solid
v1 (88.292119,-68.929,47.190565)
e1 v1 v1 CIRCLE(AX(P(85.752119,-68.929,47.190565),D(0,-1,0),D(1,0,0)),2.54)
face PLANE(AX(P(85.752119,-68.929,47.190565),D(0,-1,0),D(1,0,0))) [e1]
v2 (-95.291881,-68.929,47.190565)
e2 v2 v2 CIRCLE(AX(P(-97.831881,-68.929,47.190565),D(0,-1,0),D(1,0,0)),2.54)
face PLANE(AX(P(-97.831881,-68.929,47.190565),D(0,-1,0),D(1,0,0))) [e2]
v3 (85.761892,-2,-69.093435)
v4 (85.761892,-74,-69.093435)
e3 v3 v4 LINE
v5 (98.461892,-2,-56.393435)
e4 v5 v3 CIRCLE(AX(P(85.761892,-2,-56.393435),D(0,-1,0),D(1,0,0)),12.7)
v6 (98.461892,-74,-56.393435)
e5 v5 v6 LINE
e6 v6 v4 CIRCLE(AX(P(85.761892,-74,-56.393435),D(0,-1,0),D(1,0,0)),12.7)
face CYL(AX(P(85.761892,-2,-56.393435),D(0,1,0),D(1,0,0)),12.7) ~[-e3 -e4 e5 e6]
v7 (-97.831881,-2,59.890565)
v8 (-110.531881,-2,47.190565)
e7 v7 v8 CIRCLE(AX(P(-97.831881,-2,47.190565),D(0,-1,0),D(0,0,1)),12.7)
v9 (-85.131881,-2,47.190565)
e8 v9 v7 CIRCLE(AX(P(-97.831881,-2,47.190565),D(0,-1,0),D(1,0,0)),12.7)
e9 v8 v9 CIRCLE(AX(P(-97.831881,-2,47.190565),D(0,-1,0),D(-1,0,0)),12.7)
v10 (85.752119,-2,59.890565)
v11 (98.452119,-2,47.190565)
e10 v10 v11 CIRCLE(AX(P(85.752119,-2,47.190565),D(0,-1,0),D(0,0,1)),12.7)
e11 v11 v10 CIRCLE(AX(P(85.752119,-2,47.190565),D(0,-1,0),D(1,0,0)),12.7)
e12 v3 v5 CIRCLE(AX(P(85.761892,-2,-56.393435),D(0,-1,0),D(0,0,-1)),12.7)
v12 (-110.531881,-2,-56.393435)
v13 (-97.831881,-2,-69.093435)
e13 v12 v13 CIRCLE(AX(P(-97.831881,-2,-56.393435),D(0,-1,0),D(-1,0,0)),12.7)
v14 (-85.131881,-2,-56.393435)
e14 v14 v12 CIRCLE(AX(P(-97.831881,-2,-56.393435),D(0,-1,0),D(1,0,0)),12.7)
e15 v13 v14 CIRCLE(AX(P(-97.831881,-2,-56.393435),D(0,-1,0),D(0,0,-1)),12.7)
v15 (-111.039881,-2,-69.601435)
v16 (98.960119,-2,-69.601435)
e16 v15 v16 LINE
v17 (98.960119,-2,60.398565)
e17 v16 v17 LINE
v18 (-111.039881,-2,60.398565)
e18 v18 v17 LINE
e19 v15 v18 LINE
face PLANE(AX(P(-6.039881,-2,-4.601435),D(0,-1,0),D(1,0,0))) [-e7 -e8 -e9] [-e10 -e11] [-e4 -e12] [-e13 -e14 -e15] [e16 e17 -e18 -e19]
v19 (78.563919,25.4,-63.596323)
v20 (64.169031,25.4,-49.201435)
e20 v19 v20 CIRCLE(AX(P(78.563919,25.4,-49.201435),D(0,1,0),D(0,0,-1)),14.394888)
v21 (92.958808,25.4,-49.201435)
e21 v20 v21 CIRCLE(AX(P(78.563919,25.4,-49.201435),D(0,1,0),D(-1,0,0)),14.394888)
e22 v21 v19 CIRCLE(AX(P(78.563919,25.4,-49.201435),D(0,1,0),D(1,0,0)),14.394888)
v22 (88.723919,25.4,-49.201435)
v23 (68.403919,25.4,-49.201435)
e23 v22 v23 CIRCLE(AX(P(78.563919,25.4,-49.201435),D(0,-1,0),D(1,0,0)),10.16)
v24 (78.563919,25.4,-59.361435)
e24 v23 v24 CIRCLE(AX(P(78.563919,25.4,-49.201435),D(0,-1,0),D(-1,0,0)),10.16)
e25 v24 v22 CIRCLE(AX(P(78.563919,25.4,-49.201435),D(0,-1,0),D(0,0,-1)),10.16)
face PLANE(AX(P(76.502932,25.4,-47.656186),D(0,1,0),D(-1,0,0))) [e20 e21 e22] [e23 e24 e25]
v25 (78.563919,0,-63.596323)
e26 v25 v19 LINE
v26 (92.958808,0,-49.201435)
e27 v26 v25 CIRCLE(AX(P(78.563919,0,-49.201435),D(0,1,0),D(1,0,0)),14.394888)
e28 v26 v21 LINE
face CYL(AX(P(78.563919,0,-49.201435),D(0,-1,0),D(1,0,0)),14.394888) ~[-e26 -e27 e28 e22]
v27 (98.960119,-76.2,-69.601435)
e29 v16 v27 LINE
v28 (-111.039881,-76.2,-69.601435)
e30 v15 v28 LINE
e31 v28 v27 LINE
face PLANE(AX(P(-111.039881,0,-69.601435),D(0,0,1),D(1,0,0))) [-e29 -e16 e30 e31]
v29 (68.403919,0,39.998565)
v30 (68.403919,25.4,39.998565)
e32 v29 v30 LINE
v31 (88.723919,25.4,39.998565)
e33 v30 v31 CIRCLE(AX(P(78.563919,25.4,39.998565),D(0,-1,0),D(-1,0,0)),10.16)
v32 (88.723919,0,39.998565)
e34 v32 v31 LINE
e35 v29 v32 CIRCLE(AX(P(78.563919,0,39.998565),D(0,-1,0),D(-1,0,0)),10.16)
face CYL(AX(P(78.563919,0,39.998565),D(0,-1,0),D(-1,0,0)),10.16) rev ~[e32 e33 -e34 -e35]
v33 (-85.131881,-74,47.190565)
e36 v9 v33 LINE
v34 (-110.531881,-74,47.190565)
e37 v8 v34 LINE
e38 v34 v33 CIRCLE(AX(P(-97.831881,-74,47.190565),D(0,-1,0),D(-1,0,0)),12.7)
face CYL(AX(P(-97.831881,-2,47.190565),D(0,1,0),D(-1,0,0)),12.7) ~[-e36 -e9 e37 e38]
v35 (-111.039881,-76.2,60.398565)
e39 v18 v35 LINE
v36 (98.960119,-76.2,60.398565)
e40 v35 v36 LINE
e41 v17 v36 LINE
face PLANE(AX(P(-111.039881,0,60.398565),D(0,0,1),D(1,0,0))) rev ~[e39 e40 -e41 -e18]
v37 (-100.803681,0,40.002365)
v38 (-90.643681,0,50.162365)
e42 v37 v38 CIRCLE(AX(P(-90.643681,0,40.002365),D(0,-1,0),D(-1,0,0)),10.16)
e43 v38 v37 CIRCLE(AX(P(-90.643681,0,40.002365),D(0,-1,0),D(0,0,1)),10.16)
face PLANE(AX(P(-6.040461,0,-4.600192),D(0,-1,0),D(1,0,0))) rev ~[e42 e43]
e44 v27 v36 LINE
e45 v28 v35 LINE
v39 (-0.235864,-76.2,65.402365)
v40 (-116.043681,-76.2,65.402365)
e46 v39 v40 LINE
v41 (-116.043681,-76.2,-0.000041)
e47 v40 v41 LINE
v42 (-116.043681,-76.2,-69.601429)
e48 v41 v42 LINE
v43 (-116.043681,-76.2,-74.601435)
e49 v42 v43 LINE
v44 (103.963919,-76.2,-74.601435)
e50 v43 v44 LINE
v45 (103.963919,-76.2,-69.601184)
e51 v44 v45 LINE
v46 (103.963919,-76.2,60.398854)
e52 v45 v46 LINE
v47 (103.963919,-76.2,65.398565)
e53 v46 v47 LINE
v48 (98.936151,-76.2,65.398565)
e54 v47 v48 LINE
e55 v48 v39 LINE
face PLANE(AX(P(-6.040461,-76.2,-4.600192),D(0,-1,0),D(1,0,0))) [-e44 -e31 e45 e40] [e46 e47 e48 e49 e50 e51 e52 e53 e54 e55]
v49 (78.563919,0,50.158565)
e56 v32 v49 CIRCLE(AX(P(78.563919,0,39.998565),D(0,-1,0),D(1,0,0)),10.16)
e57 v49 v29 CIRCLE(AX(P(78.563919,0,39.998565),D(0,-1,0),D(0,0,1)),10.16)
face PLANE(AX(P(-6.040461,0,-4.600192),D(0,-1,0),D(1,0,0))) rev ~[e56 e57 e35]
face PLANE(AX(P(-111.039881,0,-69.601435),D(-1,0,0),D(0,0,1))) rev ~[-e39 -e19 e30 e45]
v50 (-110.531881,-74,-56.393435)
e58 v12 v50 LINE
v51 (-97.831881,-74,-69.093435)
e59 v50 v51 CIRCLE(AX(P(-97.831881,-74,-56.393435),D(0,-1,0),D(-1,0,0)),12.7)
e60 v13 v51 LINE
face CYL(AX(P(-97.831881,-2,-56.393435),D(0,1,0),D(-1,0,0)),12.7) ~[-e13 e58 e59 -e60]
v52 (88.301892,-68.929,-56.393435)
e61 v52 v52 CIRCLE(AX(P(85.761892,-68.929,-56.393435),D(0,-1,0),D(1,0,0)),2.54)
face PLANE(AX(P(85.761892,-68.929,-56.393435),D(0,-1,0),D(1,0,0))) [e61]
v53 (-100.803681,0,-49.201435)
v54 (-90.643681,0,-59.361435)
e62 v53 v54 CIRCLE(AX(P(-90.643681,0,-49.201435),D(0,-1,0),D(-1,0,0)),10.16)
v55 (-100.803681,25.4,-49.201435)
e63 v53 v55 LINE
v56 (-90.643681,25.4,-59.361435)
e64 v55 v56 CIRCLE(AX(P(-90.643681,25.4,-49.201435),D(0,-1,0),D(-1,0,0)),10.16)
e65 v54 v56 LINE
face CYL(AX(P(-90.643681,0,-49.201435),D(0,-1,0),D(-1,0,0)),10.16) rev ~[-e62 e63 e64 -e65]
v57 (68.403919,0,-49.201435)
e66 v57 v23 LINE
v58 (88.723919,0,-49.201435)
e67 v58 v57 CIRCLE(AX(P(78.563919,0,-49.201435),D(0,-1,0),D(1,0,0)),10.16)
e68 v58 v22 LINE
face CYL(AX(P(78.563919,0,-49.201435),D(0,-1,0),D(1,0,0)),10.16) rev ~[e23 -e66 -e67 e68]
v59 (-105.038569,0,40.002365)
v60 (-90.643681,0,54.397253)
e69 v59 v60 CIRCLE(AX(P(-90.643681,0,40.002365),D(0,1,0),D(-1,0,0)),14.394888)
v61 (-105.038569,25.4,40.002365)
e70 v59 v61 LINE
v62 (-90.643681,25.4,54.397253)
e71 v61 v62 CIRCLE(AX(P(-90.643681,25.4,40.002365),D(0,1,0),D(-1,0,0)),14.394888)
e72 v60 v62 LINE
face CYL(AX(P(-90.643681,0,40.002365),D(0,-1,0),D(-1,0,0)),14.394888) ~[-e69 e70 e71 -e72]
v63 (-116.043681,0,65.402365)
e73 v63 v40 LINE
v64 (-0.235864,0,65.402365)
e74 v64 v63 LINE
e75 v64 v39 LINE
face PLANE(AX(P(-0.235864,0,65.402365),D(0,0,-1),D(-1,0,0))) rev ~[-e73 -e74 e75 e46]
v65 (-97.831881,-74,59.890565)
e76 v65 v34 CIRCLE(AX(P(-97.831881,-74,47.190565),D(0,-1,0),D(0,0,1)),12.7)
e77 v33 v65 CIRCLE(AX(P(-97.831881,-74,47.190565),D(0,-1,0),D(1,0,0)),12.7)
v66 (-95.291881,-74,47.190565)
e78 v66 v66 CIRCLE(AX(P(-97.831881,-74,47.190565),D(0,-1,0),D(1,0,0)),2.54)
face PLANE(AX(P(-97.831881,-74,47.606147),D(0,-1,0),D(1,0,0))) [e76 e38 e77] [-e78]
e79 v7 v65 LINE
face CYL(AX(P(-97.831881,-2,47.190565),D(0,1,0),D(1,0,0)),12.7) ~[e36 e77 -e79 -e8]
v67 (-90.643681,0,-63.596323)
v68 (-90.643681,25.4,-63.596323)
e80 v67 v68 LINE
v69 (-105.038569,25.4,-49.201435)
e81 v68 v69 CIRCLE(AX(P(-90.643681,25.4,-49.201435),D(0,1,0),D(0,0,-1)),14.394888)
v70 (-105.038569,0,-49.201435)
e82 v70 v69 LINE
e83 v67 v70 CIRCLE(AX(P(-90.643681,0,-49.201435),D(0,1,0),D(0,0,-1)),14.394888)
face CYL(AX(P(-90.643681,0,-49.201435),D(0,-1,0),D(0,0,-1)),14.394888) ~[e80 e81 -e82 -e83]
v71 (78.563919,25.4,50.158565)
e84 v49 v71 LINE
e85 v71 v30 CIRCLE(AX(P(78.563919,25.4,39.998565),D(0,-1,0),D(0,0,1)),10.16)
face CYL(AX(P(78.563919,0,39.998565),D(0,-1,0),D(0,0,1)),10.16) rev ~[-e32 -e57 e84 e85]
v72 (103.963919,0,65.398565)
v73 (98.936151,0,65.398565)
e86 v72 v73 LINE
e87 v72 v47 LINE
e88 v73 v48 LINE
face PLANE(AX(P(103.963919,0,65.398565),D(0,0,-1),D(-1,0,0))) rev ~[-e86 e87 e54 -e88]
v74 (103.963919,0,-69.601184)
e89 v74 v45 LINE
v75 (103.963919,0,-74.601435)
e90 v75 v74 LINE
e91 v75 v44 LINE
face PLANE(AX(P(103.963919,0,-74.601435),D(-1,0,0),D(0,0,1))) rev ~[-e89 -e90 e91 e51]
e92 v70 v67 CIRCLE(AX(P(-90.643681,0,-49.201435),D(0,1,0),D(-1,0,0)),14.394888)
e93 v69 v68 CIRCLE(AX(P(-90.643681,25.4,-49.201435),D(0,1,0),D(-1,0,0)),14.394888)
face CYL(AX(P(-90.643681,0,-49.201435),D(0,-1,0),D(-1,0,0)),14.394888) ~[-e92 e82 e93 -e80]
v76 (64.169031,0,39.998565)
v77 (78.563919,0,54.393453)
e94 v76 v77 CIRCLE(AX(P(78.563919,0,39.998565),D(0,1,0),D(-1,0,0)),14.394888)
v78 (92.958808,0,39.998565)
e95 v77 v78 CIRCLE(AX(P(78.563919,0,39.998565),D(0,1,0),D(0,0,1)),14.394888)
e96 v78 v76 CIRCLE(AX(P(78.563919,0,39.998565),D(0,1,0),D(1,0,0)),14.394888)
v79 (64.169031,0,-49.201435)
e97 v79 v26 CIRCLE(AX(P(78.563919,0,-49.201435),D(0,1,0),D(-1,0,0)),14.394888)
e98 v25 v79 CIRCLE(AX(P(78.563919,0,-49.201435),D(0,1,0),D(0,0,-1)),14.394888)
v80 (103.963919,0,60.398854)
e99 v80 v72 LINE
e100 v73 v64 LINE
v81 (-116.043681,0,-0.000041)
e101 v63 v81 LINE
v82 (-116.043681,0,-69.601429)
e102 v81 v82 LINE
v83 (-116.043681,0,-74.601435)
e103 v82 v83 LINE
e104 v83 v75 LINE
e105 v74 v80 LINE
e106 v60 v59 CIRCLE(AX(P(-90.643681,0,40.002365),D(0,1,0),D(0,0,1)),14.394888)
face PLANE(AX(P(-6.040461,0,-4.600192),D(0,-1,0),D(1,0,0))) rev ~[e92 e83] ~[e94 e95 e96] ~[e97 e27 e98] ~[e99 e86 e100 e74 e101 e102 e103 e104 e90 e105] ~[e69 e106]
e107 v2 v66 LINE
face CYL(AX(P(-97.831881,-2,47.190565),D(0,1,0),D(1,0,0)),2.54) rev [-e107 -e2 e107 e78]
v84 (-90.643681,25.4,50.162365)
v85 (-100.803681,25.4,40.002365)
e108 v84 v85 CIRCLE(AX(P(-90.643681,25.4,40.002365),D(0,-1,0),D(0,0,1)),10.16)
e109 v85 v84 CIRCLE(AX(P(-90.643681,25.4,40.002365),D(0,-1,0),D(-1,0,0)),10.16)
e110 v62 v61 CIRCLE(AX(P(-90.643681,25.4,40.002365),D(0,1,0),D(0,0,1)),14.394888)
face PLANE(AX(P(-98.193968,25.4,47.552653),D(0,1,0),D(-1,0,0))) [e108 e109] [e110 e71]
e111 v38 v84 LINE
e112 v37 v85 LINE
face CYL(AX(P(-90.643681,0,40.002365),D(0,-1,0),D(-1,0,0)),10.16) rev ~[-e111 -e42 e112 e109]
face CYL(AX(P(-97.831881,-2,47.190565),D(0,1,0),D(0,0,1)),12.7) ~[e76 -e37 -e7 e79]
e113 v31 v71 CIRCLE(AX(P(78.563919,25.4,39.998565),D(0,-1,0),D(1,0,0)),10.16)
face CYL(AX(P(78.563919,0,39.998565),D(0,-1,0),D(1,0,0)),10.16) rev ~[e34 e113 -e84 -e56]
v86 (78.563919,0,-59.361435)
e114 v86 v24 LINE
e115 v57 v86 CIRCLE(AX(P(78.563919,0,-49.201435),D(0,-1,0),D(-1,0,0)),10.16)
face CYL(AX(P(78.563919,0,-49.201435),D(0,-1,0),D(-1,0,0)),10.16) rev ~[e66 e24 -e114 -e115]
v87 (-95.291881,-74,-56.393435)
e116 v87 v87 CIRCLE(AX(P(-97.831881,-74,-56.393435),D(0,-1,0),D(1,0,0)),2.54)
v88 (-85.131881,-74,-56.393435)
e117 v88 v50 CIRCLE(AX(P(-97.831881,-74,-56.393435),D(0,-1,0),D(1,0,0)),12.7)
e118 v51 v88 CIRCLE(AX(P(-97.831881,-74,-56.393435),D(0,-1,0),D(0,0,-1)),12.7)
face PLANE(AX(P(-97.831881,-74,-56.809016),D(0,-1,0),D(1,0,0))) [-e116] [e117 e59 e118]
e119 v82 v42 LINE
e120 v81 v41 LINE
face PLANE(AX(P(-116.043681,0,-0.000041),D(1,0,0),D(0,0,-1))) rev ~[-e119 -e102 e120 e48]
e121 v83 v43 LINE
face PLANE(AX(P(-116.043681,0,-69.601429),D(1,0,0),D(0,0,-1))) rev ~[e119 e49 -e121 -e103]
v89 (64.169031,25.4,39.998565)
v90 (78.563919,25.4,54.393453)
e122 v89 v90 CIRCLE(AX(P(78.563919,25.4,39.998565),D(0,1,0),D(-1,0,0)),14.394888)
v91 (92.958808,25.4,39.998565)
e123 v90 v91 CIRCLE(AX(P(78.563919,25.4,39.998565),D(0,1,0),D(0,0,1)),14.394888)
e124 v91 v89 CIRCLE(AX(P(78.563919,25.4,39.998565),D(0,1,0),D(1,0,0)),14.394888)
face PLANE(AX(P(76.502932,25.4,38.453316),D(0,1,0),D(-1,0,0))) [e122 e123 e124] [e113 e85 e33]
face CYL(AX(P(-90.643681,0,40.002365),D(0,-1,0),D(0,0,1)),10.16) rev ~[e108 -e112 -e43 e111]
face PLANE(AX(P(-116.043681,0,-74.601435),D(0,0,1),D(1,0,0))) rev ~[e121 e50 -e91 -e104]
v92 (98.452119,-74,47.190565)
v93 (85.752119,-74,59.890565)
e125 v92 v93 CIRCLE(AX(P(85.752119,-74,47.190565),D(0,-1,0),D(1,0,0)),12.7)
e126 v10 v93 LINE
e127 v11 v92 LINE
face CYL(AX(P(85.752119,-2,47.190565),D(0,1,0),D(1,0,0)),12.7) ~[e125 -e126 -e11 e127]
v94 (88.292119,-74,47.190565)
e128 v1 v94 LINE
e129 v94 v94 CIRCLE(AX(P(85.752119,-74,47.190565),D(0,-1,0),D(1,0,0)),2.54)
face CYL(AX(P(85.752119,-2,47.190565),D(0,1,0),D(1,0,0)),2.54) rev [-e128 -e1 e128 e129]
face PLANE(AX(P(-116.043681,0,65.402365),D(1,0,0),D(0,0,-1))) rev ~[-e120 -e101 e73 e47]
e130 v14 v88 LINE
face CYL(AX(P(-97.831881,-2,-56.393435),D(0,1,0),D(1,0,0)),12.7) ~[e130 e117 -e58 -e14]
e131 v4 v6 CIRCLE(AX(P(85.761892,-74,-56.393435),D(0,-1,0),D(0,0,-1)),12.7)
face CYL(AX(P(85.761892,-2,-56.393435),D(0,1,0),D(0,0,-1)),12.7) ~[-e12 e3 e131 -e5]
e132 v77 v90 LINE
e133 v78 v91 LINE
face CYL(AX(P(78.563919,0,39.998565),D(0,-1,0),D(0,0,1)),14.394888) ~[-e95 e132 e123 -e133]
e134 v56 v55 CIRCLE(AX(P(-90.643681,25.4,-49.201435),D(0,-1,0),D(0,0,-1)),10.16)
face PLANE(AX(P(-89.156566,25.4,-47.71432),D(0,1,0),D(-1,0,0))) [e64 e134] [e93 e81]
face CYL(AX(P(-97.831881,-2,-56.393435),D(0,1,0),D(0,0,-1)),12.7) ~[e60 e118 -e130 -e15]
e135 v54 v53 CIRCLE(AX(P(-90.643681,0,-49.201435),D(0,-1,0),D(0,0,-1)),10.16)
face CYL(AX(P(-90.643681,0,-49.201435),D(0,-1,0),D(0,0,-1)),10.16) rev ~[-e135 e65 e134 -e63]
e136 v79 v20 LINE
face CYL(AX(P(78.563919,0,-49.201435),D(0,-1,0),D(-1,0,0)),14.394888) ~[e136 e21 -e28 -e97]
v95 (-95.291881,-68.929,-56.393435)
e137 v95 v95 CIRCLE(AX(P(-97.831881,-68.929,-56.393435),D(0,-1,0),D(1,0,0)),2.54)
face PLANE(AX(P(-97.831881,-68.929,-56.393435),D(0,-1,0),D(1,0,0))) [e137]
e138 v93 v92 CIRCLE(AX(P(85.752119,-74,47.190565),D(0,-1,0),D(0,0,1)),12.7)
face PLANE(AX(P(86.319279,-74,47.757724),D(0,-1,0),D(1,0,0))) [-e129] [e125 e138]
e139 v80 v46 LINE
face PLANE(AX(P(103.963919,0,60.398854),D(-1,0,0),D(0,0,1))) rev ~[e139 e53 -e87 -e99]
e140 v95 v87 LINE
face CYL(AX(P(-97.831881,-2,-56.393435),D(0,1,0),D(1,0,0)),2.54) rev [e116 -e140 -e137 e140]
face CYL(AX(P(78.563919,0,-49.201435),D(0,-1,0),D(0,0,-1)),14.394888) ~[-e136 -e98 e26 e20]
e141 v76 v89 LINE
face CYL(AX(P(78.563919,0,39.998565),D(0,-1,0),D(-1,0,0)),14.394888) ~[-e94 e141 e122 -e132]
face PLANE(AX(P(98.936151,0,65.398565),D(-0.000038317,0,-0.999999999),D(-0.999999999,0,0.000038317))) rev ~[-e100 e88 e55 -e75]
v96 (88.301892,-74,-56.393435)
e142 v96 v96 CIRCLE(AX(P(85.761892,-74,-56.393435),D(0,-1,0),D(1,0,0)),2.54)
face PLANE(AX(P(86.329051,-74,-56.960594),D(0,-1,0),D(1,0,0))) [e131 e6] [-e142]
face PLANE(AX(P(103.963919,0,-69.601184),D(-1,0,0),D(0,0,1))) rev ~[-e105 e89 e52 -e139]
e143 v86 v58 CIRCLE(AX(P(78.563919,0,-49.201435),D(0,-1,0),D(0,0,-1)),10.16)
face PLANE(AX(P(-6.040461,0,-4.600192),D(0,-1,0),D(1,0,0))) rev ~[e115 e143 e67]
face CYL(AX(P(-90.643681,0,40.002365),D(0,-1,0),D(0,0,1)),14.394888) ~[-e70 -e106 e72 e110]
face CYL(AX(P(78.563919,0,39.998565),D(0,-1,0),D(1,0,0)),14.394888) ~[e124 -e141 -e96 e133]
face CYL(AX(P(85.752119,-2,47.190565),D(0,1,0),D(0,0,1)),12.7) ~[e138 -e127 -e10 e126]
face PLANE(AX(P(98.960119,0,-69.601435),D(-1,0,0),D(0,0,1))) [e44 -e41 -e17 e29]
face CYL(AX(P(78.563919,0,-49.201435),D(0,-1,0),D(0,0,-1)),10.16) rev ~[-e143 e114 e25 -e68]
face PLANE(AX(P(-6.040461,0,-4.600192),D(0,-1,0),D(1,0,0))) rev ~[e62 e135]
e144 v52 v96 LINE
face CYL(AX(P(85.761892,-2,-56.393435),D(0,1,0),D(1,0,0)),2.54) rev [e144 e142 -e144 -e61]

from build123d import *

# Parameters (mm, degrees)
F0_W     = 210
F0_H     = 130
F1_DEPTH = 2
F2_DEPTH = 76.2
F4_DEPTH = 25.4
F5_R     = 2.54
F6_DEPTH = 72
F7_DEPTH = 66.929


with BuildPart() as f1:
    # F0 (on Front) → F1 (new body)
    with BuildSketch(Plane.XZ):
        with Locations((-6.0398806084, -4.6014347222)):
            Rectangle(F0_W, F0_H)
    extrude(amount=F1_DEPTH)

    # F0 (on Front) → F2 (join)
    with BuildSketch(Plane.XZ):
        Polygon((-0.235864222, 65.4023652778), (-111.0638493299, 65.4023652778), (-116.0436806083, 65.4023652778), (-116.0436806083, 60.398529828), (-116.0436806083, -4.06776e-05), (-116.0436806084, -69.6014285846), (-116.0436806084, -74.6014347222), (-111.0398806084, -74.6014347222), (98.9601193916, -74.6014347222), (103.9639193853, -74.6014347222), (103.9639193853, -69.6011838004), (103.9639193916, 60.3988544052), (103.9639193916, 65.3985652778), (98.9361506701, 65.3985652778), align=None)
        with Locations((-6.0398806084, -4.6014347222)):
            Rectangle(F0_W, F0_H, mode=Mode.SUBTRACT)
    extrude(amount=F2_DEPTH)

    # F3 (on face) → F4 (join)
    with BuildSketch(Plane(origin=(0, 0, 0), x_dir=(-1, 0, 0), z_dir=(0, 1, 0))):
        with BuildLine():
            ThreePointArc((-92.9588075555, 39.9985652778), (-78.5639193916, 25.6036771139), (-64.1690312277, 39.9985652778))
            ThreePointArc((-64.1690312277, 39.9985652778), (-68.3851963565, 50.1772883129), (-78.5639193916, 54.3934534417))
            Line((-78.5639193916, 54.3934534417), (-78.5639193916, 50.1585652778))
            ThreePointArc((-78.5639193916, 50.1585652778), (-71.3797144948, 47.1827701747), (-68.4039193916, 39.9985652778))
            ThreePointArc((-68.4039193916, 39.9985652778), (-78.5639193916, 29.8385652778), (-88.7239193916, 39.9985652778))
            Line((-88.7239193916, 39.9985652778), (-92.9588075555, 39.9985652778))
        make_face()
        with BuildLine():
            Line((-78.5639193916, 50.1585652778), (-78.5639193916, 54.3934534417))
            ThreePointArc((-78.5639193916, 54.3934534417), (-88.7426424267, 50.1772883129), (-92.9588075555, 39.9985652778))
            Line((-92.9588075555, 39.9985652778), (-88.7239193916, 39.9985652778))
            ThreePointArc((-88.7239193916, 39.9985652778), (-85.7481242885, 47.1827701747), (-78.5639193916, 50.1585652778))
        make_face()
        with BuildLine():
            ThreePointArc((-64.1690312214, -49.2014347222), (-78.5639193853, -34.8065465583), (-92.9588075492, -49.2014347222))
            Line((-92.9588075492, -49.2014347222), (-88.7239193853, -49.2014347222))
            ThreePointArc((-88.7239193853, -49.2014347222), (-78.5639193853, -39.0414347222), (-68.4039193853, -49.2014347222))
            ThreePointArc((-68.4039193853, -49.2014347222), (-71.3797144885, -56.385639619), (-78.5639193853, -59.3614347222))
            Line((-78.5639193853, -59.3614347222), (-78.5639193853, -63.5963228861))
            ThreePointArc((-78.5639193853, -63.5963228861), (-68.3851963502, -59.3801577573), (-64.1690312214, -49.2014347222))
        make_face()
        with BuildLine():
            Line((-88.7239193853, -49.2014347222), (-92.9588075492, -49.2014347222))
            ThreePointArc((-92.9588075492, -49.2014347222), (-88.7426424204, -59.3801577573), (-78.5639193853, -63.5963228861))
            Line((-78.5639193853, -63.5963228861), (-78.5639193853, -59.3614347222))
            ThreePointArc((-78.5639193853, -59.3614347222), (-85.7481242822, -56.385639619), (-88.7239193853, -49.2014347222))
        make_face()
        with BuildLine():
            ThreePointArc((105.0385687722, 40.0023652778), (100.8224036434, 50.1810883129), (90.6436806083, 54.3972534417))
            Line((90.6436806083, 54.3972534417), (90.6436806083, 50.1623652778))
            ThreePointArc((90.6436806083, 50.1623652778), (97.8278855051, 47.1865701747), (100.8036806083, 40.0023652778))
            Line((100.8036806083, 40.0023652778), (105.0385687722, 40.0023652778))
        make_face()
        with BuildLine():
            Line((90.6436806083, 50.1623652778), (90.6436806083, 54.3972534417))
            ThreePointArc((90.6436806083, 54.3972534417), (80.4649575731, 29.8236422427), (105.0385687722, 40.0023652778))
            Line((105.0385687722, 40.0023652778), (100.8036806083, 40.0023652778))
            ThreePointArc((100.8036806083, 40.0023652778), (83.4594757114, 32.818160381), (90.6436806083, 50.1623652778))
        make_face()
        with BuildLine():
            ThreePointArc((105.0385687723, -49.2014347222), (80.4649575733, -39.0227116871), (90.6436806084, -63.5963228861))
            Line((90.6436806084, -63.5963228861), (90.6436806084, -59.3614347222))
            ThreePointArc((90.6436806084, -59.3614347222), (83.4594757115, -42.0172298253), (100.8036806084, -49.2014347222))
            Line((100.8036806084, -49.2014347222), (105.0385687723, -49.2014347222))
        make_face()
        with BuildLine():
            Line((90.6436806084, -59.3614347222), (90.6436806084, -63.5963228861))
            ThreePointArc((90.6436806084, -63.5963228861), (100.8224036435, -59.3801577573), (105.0385687723, -49.2014347222))
            Line((105.0385687723, -49.2014347222), (100.8036806084, -49.2014347222))
            ThreePointArc((100.8036806084, -49.2014347222), (97.8278855052, -56.385639619), (90.6436806084, -59.3614347222))
        make_face()
    extrude(amount=F4_DEPTH)

    # F5 (on face) → F6 (join)
    with BuildSketch(Plane.XZ.offset(2)):
        with BuildLine():
            ThreePointArc((98.4618922379, -56.3934347222), (76.7816361169, -47.4131786011), (85.7618922379, -69.0934347222))
            ThreePointArc((85.7618922379, -69.0934347222), (94.742148359, -65.3736908433), (98.4618922379, -56.3934347222))
        make_face()
        with Locations((85.7618922379, -56.3934347222)):
            Circle(F5_R, mode=Mode.SUBTRACT)
        with BuildLine():
            ThreePointArc((-110.5318806084, -56.3934347222), (-106.8121367295, -65.3736908433), (-97.8318806084, -69.0934347222))
            ThreePointArc((-97.8318806084, -69.0934347222), (-88.8516244873, -65.3736908433), (-85.1318806084, -56.3934347222))
            ThreePointArc((-85.1318806084, -56.3934347222), (-97.8318806084, -43.6934347222), (-110.5318806084, -56.3934347222))
        make_face()
        with Locations((-97.8318806084, -56.3934347222)):
            Circle(F5_R, mode=Mode.SUBTRACT)
        with BuildLine():
            ThreePointArc((-97.8318806084, 59.8905652778), (-106.8121367295, 56.1708213989), (-110.5318806084, 47.1905652778))
            ThreePointArc((-110.5318806084, 47.1905652778), (-97.8318806084, 34.4905652778), (-85.1318806084, 47.1905652778))
            ThreePointArc((-85.1318806084, 47.1905652778), (-88.8516244873, 56.1708213989), (-97.8318806084, 59.8905652778))
        make_face()
        with Locations((-97.8318806084, 47.1905652778)):
            Circle(F5_R, mode=Mode.SUBTRACT)
        with BuildLine():
            ThreePointArc((85.7521193916, 59.8905652778), (76.7718632705, 38.2103091567), (98.4521193916, 47.1905652778))
            ThreePointArc((98.4521193916, 47.1905652778), (94.7323755127, 56.1708213989), (85.7521193916, 59.8905652778))
        make_face()
        with Locations((85.7521193916, 47.1905652778)):
            Circle(F5_R, mode=Mode.SUBTRACT)
    extrude(amount=F6_DEPTH)

    # F5 (on face) → F7 (join)
    with BuildSketch(Plane.XZ.offset(2)):
        with Locations((-97.8318806084, -56.3934347222)):
            Circle(F5_R)
        with Locations((85.7618922379, -56.3934347222)):
            Circle(F5_R)
        with Locations((-97.8318806084, 47.1905652778)):
            Circle(F5_R)
        with Locations((85.7521193916, 47.1905652778)):
            Circle(F5_R)
    extrude(amount=F7_DEPTH)


solid = f1.part
